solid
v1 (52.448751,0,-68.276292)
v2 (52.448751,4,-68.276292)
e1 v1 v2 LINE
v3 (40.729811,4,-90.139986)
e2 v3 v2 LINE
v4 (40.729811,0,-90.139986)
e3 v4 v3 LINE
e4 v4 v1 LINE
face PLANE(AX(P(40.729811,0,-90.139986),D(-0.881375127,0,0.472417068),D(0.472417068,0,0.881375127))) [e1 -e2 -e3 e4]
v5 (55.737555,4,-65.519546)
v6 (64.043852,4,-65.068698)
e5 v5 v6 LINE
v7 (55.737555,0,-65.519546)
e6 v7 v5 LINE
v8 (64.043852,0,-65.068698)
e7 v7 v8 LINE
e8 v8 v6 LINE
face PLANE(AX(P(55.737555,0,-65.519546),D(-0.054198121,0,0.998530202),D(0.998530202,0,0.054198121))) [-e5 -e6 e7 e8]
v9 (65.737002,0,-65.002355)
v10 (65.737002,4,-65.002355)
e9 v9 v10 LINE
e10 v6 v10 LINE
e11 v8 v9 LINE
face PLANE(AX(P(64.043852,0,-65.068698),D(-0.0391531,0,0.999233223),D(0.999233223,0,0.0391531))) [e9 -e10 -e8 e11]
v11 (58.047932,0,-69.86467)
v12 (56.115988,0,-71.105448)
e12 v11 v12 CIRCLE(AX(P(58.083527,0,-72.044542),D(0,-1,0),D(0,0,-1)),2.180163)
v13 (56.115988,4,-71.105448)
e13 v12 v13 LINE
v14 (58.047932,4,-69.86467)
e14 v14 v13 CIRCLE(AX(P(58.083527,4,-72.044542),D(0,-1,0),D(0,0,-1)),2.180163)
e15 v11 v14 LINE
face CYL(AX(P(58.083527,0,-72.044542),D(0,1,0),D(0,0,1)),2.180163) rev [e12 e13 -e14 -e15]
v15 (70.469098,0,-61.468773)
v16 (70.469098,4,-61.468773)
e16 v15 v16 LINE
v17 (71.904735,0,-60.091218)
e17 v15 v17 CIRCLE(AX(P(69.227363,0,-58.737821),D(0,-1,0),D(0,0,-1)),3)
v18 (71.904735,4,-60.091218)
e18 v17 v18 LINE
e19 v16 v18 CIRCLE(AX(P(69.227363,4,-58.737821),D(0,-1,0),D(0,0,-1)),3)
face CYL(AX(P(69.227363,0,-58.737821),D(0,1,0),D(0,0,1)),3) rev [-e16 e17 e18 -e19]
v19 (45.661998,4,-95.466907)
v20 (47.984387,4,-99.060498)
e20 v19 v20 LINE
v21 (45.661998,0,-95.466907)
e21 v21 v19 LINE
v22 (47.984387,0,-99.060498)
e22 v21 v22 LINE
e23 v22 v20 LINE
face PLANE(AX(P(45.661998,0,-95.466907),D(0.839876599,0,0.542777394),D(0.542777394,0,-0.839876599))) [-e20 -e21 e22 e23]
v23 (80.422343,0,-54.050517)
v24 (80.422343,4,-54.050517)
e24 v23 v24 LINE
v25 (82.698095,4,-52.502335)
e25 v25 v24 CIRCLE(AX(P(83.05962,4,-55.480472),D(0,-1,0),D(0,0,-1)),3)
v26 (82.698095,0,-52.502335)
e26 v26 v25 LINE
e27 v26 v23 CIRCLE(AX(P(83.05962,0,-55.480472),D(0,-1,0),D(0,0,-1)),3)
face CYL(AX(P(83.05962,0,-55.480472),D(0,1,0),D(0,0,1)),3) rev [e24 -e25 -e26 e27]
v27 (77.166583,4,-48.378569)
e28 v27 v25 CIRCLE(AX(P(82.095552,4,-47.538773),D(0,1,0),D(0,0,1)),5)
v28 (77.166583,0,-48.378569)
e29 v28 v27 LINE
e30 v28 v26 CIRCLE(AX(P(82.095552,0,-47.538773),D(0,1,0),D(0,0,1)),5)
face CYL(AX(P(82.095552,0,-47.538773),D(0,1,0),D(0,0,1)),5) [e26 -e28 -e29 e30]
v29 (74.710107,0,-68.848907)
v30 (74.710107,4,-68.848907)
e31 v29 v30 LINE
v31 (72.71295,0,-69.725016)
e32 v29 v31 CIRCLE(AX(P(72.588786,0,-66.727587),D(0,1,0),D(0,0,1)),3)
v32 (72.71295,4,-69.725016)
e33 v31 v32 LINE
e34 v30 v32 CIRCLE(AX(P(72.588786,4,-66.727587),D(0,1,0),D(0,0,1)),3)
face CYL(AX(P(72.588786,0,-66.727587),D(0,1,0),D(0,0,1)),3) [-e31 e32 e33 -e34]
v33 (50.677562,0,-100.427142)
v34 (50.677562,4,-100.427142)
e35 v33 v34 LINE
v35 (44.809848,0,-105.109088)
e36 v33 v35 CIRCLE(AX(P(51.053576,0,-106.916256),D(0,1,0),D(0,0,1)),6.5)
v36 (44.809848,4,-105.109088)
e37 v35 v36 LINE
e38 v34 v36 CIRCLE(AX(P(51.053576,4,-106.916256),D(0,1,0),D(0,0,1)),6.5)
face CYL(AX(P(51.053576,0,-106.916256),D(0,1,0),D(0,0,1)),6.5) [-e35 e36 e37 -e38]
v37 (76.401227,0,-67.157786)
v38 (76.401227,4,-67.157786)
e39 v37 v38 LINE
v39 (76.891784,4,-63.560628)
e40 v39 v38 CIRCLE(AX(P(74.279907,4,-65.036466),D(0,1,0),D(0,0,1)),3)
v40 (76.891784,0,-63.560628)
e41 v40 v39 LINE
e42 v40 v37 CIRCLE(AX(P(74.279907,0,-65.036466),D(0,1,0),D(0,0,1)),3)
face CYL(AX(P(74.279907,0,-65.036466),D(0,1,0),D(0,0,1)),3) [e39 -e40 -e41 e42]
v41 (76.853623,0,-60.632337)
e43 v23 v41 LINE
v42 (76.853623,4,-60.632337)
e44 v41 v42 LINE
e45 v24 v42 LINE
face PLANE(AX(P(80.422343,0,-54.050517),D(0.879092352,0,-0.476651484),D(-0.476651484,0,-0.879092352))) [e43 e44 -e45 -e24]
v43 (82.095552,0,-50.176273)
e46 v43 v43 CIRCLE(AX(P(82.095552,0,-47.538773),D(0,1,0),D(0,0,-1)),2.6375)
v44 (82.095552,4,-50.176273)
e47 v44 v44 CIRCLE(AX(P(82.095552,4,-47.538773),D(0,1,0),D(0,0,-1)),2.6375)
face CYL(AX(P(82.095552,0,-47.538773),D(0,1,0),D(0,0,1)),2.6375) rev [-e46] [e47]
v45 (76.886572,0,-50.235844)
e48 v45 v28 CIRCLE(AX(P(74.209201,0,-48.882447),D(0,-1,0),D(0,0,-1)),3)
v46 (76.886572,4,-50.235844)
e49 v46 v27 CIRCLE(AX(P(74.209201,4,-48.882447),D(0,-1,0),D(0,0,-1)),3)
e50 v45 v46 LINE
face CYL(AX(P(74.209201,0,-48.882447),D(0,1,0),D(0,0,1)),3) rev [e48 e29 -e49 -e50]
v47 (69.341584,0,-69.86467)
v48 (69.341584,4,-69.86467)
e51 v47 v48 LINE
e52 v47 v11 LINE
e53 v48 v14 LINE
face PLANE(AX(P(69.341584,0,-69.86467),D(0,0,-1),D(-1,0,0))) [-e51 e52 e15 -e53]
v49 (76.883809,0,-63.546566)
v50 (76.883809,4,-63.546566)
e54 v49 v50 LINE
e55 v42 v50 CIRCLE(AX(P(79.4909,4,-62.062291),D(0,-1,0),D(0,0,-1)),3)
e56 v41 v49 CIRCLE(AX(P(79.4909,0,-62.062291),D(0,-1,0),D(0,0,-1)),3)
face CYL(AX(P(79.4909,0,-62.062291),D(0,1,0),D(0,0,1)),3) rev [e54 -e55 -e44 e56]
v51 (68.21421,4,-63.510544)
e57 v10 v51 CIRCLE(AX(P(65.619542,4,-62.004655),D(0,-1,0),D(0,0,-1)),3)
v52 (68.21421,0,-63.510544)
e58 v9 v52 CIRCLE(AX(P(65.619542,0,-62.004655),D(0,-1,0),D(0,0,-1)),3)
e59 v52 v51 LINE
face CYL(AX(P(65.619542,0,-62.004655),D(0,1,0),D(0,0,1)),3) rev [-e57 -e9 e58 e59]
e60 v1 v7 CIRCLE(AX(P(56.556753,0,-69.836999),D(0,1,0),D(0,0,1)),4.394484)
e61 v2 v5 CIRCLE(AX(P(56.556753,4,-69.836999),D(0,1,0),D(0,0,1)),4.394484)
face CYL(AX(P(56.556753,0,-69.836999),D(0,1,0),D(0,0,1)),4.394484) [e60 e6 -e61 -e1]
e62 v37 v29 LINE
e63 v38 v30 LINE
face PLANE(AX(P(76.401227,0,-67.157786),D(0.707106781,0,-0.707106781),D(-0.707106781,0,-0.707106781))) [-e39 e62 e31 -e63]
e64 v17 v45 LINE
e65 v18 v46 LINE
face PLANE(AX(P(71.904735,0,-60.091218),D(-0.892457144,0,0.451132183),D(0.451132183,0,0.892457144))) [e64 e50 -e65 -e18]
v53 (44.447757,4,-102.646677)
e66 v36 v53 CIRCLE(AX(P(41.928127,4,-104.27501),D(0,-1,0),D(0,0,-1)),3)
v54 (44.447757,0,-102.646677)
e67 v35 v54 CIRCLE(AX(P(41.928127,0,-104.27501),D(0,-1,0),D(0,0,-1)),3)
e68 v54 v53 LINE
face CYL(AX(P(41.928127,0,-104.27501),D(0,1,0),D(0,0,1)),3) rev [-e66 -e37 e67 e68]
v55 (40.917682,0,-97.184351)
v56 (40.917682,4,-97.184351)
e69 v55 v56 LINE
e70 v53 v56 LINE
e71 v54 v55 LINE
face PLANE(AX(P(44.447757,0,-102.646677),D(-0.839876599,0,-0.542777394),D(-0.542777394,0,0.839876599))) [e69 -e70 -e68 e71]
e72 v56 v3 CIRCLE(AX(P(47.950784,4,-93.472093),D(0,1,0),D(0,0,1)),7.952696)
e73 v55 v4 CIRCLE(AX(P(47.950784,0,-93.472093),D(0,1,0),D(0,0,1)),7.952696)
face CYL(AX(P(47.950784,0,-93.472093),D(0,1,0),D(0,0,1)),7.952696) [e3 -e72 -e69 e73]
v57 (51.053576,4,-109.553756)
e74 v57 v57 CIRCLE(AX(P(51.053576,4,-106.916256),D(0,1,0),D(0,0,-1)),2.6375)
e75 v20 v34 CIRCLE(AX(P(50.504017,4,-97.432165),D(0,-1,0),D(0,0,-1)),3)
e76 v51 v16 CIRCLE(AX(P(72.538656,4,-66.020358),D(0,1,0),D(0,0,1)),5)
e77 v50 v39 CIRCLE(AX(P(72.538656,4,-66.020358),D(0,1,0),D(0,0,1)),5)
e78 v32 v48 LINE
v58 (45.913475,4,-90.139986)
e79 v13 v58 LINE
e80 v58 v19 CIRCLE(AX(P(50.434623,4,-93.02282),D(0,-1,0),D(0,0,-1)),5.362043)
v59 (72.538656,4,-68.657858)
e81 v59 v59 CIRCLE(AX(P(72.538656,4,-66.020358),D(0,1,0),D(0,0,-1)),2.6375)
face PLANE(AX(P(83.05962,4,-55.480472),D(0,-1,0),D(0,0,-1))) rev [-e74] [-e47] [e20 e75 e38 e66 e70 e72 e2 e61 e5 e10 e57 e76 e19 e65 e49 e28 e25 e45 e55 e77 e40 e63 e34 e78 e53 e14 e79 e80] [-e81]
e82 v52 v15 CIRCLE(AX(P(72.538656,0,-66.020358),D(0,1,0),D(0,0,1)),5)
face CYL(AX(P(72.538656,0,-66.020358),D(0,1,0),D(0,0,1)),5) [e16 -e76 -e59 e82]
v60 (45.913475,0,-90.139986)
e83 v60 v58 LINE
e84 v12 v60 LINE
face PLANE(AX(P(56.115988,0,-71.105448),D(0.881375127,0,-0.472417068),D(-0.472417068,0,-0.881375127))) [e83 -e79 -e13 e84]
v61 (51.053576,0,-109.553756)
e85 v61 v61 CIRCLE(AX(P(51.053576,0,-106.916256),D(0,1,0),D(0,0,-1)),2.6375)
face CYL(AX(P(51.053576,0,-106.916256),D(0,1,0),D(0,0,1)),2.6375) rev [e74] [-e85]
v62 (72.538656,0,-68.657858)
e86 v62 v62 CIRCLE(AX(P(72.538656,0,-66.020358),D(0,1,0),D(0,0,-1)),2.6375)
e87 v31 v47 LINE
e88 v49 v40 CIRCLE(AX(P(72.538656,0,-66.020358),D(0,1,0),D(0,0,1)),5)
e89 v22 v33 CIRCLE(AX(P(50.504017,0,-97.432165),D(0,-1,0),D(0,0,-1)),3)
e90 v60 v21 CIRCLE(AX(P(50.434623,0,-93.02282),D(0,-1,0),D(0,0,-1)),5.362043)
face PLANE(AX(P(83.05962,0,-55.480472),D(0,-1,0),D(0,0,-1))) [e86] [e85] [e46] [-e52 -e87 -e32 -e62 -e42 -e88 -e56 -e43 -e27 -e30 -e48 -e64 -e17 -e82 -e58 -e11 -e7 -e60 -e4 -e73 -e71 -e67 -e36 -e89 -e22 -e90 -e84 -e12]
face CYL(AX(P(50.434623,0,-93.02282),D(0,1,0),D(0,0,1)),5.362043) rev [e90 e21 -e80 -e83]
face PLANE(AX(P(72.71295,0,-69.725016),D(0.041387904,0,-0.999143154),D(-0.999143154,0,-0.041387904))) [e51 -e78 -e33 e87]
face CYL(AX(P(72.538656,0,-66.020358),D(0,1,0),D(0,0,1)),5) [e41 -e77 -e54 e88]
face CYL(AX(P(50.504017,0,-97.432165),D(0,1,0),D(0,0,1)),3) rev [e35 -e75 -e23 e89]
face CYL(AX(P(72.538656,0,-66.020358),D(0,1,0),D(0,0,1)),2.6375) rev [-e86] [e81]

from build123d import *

# Parameters (mm, degrees)
SKETCH1_R           = 2.6375
BOSS_EXTRUDE1_DEPTH = 4


with BuildPart() as part:
    # Sketch1 → Boss-Extrude1 (new body)
    with BuildSketch(Plane(origin=(0, 4, 0), x_dir=(1, 0, 0), z_dir=(0, 1, 0))):
        with BuildLine():
            Line((80.422342857, 54.050517259), (76.853623233, 60.632336961))
            ThreePointArc((76.853623233, 60.632336961), (76.491061204, 62.093363418), (76.883808504, 63.546566463))
            ThreePointArc((76.883808504, 63.546566463), (76.887801931, 63.553594024), (76.891783993, 63.560628031))
            ThreePointArc((76.891783993, 63.560628031), (77.252393533, 65.441834253), (76.401227258, 67.157786484))
            Line((76.401227258, 67.157786484), (74.710106586, 68.848907157))
            ThreePointArc((74.710106586, 68.848907157), (73.793959033, 69.474868842), (72.712949954, 69.725016274))
            Line((72.712949954, 69.725016274), (69.341583584, 69.864669723))
            Line((69.341583584, 69.864669723), (58.04793187, 69.864669723))
            ThreePointArc((58.04793187, 69.864669723), (56.905384642, 70.210123831), (56.115987655, 71.105447853))
            Line((56.115987655, 71.105447853), (45.913475043, 90.139986308))
            ThreePointArc((45.913475043, 90.139986308), (45.078544808, 92.769966676), (45.661998303, 95.466907026))
            Line((45.661998303, 95.466907026), (47.984386737, 99.06049755))
            ThreePointArc((47.984386737, 99.06049755), (49.146460916, 100.107430356), (50.677561656, 100.427141511))
            ThreePointArc((50.677561656, 100.427141511), (55.107636105, 111.997063252), (44.809847991, 105.109087593))
            ThreePointArc((44.809847991, 105.109087593), (44.89620964, 103.838561027), (44.447757125, 102.646677462))
            Line((44.447757125, 102.646677462), (40.917682236, 97.184351056))
            ThreePointArc((40.917682236, 97.184351056), (40.000914232, 93.684113367), (40.729811239, 90.139986308))
            Line((40.729811239, 90.139986308), (52.448751423, 68.276291936))
            ThreePointArc((52.448751423, 68.276291936), (53.733769558, 66.46917356), (55.737555004, 65.519546097))
            Line((55.737555004, 65.519546097), (64.043852088, 65.068697747))
            Line((64.043852088, 65.068697747), (65.737001521, 65.002354827))
            ThreePointArc((65.737001521, 65.002354827), (67.167212394, 64.574619561), (68.214209712, 63.510543803))
            ThreePointArc((68.214209712, 63.510543803), (69.182612076, 62.314016036), (70.4690978, 61.468772687))
            ThreePointArc((70.4690978, 61.468772687), (71.304443417, 60.902477838), (71.904734595, 60.091217919))
            Line((71.904734595, 60.091217919), (76.886572185, 50.235843556))
            ThreePointArc((76.886572185, 50.235843556), (77.175676431, 49.329685255), (77.166582589, 48.378569367))
            ThreePointArc((77.166582589, 48.378569367), (85.084005766, 43.530139369), (82.698094563, 52.502334805))
            ThreePointArc((82.698094563, 52.502334805), (81.37218956, 53.000032473), (80.422342857, 54.050517259))
        make_face()
        with Locations((51.053576092, 106.916256485)):
            Circle(SKETCH1_R, mode=Mode.SUBTRACT)
        with Locations((82.095552315, 47.538773298)):
            Circle(SKETCH1_R, mode=Mode.SUBTRACT)
        with Locations((72.538655529, 66.020358214)):
            Circle(SKETCH1_R, mode=Mode.SUBTRACT)
    extrude(amount=-BOSS_EXTRUDE1_DEPTH)


solid = part.part
